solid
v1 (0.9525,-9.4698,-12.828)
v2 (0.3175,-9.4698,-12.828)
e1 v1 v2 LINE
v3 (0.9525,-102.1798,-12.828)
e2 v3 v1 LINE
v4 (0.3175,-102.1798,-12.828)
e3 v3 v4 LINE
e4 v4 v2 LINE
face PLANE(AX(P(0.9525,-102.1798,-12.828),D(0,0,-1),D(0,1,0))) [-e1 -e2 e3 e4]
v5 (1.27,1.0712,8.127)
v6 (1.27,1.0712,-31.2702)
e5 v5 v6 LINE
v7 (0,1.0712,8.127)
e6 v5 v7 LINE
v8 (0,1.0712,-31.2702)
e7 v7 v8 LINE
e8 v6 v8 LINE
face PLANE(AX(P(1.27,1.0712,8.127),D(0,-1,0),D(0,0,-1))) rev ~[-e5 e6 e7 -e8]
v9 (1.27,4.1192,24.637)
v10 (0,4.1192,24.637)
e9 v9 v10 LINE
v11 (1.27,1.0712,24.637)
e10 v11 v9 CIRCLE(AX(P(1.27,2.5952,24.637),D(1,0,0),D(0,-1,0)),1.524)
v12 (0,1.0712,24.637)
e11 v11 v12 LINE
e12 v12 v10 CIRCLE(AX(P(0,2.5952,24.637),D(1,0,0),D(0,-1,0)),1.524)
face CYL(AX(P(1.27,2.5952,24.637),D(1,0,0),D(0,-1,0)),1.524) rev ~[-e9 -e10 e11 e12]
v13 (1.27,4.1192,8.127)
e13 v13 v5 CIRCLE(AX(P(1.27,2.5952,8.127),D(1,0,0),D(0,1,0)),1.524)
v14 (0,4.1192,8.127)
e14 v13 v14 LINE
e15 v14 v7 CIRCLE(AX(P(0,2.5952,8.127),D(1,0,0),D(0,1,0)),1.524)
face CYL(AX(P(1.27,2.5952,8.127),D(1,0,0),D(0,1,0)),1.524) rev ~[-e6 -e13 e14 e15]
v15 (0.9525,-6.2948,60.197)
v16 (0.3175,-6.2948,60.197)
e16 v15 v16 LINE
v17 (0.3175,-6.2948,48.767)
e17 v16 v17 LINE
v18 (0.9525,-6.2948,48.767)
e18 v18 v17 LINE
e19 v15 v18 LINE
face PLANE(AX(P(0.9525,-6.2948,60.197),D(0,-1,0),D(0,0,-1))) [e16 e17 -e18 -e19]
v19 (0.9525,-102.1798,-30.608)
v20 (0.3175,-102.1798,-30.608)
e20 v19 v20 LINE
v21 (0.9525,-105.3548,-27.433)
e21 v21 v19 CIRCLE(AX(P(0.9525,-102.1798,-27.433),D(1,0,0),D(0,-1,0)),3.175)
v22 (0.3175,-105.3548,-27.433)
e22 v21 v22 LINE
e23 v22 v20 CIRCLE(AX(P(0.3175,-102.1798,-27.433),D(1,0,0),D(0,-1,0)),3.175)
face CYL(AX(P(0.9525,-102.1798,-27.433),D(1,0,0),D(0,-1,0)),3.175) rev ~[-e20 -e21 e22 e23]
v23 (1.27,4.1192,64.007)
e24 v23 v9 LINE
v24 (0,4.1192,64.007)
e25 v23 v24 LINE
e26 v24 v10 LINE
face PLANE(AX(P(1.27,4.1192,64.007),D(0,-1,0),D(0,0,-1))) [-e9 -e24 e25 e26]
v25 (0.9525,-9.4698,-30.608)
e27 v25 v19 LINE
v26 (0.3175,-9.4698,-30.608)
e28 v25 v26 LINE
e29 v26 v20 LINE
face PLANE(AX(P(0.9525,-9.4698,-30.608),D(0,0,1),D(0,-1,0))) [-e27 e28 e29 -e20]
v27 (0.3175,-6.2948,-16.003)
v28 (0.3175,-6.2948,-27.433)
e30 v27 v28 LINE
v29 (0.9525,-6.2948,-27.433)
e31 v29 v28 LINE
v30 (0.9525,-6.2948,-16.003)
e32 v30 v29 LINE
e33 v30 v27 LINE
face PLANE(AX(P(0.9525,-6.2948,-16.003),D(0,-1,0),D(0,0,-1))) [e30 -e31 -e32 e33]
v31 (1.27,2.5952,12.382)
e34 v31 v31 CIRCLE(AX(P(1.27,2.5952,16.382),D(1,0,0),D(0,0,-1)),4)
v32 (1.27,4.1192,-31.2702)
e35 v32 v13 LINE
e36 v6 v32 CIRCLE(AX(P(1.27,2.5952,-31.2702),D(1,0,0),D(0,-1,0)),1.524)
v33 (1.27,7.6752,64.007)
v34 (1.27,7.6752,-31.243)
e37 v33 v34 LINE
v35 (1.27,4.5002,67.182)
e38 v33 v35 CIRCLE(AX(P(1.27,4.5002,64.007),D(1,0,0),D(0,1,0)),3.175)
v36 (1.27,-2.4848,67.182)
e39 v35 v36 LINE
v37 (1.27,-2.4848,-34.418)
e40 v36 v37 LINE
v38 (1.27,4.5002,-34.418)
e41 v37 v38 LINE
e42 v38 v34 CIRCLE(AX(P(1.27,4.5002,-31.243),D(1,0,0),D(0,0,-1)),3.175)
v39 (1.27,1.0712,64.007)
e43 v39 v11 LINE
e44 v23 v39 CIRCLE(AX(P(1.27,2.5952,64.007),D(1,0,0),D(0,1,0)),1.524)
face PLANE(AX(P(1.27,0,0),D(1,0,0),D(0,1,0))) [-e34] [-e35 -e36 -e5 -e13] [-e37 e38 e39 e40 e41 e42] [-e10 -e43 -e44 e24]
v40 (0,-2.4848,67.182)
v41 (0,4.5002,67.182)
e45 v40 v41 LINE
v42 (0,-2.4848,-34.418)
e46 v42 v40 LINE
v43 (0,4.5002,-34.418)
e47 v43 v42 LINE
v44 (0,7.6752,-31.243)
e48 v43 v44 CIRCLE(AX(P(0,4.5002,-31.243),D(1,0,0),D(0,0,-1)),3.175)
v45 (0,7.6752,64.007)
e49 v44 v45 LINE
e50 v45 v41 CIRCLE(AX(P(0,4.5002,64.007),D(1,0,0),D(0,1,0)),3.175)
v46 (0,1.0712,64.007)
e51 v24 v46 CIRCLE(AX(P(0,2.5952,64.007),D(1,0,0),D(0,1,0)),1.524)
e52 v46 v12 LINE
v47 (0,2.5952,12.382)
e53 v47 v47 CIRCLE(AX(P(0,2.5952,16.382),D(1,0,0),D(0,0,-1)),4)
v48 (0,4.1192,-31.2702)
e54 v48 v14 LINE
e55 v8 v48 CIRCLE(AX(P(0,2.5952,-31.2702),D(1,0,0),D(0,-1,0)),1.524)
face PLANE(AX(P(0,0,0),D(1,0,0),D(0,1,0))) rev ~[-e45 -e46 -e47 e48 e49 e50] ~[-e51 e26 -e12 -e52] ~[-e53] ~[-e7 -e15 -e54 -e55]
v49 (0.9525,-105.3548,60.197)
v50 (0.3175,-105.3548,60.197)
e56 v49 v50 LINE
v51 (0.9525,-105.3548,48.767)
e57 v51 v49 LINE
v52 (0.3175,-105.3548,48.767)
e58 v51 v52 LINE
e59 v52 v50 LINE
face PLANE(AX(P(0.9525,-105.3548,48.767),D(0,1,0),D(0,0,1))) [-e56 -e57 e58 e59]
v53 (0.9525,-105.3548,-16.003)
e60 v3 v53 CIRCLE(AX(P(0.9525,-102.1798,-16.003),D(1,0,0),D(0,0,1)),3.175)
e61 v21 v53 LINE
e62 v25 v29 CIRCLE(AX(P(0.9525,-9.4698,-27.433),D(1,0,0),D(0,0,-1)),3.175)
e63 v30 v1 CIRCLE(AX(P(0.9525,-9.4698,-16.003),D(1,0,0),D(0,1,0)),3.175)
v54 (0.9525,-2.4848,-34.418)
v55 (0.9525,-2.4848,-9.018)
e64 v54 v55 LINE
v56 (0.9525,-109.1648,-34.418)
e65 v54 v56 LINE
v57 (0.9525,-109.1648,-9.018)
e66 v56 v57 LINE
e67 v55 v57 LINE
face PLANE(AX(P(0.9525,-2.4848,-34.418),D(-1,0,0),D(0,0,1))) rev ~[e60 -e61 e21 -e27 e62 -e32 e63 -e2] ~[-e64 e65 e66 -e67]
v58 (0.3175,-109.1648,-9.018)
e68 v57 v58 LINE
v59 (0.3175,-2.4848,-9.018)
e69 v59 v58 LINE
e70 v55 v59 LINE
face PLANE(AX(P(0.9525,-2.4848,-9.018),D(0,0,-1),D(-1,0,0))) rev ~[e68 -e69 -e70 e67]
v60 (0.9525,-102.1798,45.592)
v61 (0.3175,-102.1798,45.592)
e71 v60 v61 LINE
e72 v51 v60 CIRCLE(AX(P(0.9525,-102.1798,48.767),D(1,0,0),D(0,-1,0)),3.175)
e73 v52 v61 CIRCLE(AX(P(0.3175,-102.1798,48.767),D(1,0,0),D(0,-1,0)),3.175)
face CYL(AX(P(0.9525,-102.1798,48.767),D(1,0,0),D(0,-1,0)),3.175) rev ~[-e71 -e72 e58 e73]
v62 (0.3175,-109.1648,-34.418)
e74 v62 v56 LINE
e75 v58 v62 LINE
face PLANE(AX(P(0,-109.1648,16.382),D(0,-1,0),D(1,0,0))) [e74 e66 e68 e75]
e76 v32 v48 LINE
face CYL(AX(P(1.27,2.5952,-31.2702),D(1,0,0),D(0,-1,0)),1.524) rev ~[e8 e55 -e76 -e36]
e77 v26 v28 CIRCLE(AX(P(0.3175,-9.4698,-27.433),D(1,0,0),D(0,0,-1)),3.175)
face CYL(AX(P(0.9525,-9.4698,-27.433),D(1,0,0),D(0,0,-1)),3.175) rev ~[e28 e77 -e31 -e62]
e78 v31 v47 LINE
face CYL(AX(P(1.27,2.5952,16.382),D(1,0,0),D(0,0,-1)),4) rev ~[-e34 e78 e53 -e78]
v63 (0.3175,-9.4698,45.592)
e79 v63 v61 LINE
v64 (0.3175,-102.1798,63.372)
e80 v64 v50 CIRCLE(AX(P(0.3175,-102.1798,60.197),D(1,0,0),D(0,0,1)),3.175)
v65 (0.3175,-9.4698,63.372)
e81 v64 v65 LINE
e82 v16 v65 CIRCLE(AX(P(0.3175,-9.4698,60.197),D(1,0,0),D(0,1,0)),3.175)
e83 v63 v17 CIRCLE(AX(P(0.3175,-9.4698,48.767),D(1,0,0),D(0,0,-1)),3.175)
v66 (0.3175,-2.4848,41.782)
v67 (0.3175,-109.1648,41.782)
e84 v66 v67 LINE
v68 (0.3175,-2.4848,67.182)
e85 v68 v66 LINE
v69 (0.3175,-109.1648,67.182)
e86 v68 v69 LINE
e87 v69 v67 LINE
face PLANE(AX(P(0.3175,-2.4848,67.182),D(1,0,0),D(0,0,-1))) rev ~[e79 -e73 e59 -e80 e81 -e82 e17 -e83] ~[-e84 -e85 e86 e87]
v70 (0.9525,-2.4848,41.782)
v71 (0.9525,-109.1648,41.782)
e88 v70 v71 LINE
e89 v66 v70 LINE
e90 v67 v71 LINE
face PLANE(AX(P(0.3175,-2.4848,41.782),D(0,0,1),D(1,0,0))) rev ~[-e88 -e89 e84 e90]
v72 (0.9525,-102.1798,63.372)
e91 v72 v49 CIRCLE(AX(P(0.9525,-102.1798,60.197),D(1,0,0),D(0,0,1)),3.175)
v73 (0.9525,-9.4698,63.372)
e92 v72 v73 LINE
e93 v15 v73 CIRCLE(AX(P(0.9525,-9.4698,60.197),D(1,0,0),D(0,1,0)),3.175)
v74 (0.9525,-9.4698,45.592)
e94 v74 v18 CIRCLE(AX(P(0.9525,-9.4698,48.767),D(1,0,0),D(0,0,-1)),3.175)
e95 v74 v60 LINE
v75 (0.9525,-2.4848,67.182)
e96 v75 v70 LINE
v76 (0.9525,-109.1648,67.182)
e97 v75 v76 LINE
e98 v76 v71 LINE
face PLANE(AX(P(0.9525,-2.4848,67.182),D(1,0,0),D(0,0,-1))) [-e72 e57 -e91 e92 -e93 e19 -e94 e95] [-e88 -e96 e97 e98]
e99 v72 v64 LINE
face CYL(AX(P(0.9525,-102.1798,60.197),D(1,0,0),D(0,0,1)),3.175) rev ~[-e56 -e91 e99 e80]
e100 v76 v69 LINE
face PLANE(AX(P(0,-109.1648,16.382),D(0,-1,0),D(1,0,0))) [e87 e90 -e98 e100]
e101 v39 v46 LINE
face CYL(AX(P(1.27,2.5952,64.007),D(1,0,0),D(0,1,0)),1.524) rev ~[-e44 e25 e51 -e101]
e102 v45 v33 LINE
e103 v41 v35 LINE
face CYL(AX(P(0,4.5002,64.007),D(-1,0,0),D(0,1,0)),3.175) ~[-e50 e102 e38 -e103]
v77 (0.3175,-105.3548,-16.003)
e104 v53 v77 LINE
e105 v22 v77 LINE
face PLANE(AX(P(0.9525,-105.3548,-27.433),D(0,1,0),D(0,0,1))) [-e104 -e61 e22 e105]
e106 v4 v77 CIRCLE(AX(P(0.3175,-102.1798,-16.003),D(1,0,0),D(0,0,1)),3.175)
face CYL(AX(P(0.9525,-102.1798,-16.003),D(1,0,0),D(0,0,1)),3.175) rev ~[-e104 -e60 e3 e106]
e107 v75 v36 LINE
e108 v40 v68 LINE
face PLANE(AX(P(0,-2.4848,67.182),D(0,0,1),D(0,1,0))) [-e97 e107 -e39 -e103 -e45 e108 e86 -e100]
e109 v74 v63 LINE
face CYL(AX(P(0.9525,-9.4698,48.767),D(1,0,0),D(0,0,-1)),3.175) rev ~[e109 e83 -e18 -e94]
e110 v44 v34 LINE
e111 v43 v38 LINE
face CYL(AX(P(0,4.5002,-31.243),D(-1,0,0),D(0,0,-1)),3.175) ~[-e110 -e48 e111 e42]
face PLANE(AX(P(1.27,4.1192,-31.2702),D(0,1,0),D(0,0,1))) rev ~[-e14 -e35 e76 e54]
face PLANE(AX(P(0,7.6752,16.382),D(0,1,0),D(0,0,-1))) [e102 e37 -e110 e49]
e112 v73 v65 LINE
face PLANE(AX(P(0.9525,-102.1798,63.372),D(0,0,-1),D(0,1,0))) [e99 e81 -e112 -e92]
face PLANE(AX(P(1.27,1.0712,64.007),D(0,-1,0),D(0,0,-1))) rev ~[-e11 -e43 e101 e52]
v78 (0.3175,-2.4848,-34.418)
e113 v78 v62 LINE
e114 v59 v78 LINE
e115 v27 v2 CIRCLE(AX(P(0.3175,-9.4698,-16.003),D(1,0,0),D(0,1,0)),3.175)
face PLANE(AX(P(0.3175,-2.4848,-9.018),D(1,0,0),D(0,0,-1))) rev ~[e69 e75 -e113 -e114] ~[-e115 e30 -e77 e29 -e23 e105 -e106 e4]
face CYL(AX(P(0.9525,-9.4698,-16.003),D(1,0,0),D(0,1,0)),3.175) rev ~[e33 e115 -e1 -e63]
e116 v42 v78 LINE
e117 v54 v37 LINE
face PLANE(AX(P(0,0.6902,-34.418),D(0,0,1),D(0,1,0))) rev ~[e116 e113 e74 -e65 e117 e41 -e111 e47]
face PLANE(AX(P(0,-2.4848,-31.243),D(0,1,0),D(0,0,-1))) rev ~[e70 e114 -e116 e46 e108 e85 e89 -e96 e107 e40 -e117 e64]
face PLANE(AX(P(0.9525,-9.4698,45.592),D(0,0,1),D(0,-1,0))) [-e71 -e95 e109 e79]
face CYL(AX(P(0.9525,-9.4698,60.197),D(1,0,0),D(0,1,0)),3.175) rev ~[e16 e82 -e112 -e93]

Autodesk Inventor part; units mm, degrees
ref_plane "YZ Plane" through (0, 0, 0) normal (1, 0, 0) x (0, 1, 0)
ref_plane "XZ Plane" through (0, 0, 0) normal (0, 1, 0) x (-1, 0, 0)
ref_plane "XY Plane" through (0, 0, 0) normal (0, 0, 1) x (1, 0, 0)
sketch "Sketch1" plane through (0, 0, 0) normal (1, 0, 0) x (0, 1, 0)
  line L0 (7.6752, 16.382) -> (7.6752, -31.243)
  line L1 (7.6752, 16.382) -> (7.6752, 64.007)
  line L2 (-2.4848, 16.382) -> (-2.4848, 64.007)
  line L3 (0.6902, 67.182) -> (4.5002, 67.182)
  line L4 (-2.4848, 16.382) -> (-2.4848, -31.243)
  line L5 (0.6902, -34.418) -> (4.5002, -34.418)
  arc A0 (7.6752, 64.007) -> (4.5002, 67.182) centre (4.5002, 64.007) ccw
  arc A1 (4.5002, -34.418) -> (7.6752, -31.243) centre (4.5002, -31.243) ccw
  line L6 (-2.4848, 64.007) -> (-2.4848, 67.182)
  line L7 (-2.4848, 67.182) -> (0.6902, 67.182)
  line L8 (-2.4848, -31.243) -> (-2.4848, -34.418)
  line L9 (0.6902, -34.418) -> (-2.4848, -34.418)
  circle A2 centre (2.5952, 16.382) radius 4
  point P0 (0, 0)
  point P1 (7.6752, -34.418)
  point P2 (7.6752, 67.182)
  dimension "d1" = 50.8
  dimension "d2" = 50.8
  dimension "d3" = 3.175
  dimension "d101" = 8
extrude "Extrusion1" add sketch "Sketch1" along normal blind 1.27 contours L0 A1 L5 L9 L8 L4 L2 L6 L7 L3 A0 L1 | A2
sketch "Sketch4" plane through (0, -2.4848, 16.382) normal (0, -1, 0) x (1, 0, 0)
  line L0 (1.27, 50.8) -> (1.27, -50.8) projected
  line L1 (1.27, 0) -> (1.27, 47.625) projected
  line L2 (0.9525, 50.8) -> (0.9525, 25.4)
  line L3 (0.9525, 50.8) -> (0.3175, 50.8)
  line L4 (0.3175, 50.8) -> (0.3175, 25.4)
  line L5 (0.3175, 25.4) -> (0.9525, 25.4)
  line L6 (0, -50.8) -> (1.27, -50.8) projected
  line L7 (0.9525, -50.8) -> (0.9525, -25.4)
  line L8 (0.9525, -25.4) -> (0.3175, -25.4)
  line L9 (0.3175, -25.4) -> (0.3175, -50.8)
  line L10 (0.9525, -50.8) -> (0.3175, -50.8)
  point P0 (0, -16.382)
  dimension "d27" = 25.4
  dimension "d28" = 0.635
  dimension "d29" = 25.4
  dimension "d31" = 25.4
  dimension "d32" = 0.635
extrude "Extrusion3" add sketch "Sketch4" along normal blind 106.68
sketch "Sketch5" plane through (0.9525, -2.4848, 67.182) normal (1, 0, 0) x (0, 0, -1)
  line L0 (0, 6.985) -> (0, 0) projected
  line L1 (0, 0) -> (0, -106.68) projected
  line L2 (25.4, 0) -> (25.4, -106.68) projected
  line L3 (0, 0) -> (101.6, 0) projected
  line L4 (6.985, -3.81) -> (18.415, -3.81)
  line L5 (21.59, -6.985) -> (21.59, -99.695)
  line L6 (18.415, -102.87) -> (6.985, -102.87)
  line L7 (3.81, -99.695) -> (3.81, -6.985)
  line L8 (25.4, -106.68) -> (0, -106.68) projected
  arc A0 (6.985, -3.81) -> (3.81, -6.985) centre (6.985, -6.985) ccw
  arc A1 (21.59, -6.985) -> (18.415, -3.81) centre (18.415, -6.985) ccw
  arc A2 (3.81, -99.695) -> (6.985, -102.87) centre (6.985, -99.695) ccw
  arc A3 (18.415, -102.87) -> (21.59, -99.695) centre (18.415, -99.695) ccw
  line L9 (83.185, -3.81) -> (94.615, -3.81)
  line L10 (97.79, -6.985) -> (97.79, -99.695)
  line L11 (94.615, -102.87) -> (83.185, -102.87)
  line L12 (80.01, -99.695) -> (80.01, -6.985)
  line L13 (101.6, 0) -> (101.6, -106.68) projected
  line L14 (50.8, 0) -> (101.6, 0) projected
  line L15 (76.2, 0) -> (76.2, -106.68) projected
  line L16 (101.6, -106.68) -> (76.2, -106.68) projected
  arc A4 (83.185, -3.81) -> (80.01, -6.985) centre (83.185, -6.985) ccw
  arc A5 (97.79, -6.985) -> (94.615, -3.81) centre (94.615, -6.985) ccw
  arc A6 (80.01, -99.695) -> (83.185, -102.87) centre (83.185, -99.695) ccw
  arc A7 (94.615, -102.87) -> (97.79, -99.695) centre (94.615, -99.695) ccw
  point P0 (67.182, 2.4848)
  dimension "d67" = 3.81
  dimension "d68" = 3.81
  dimension "d69" = 3.81
  dimension "d70" = 3.81
  dimension "d71" = 3.175
  dimension "d72" = 3.81
  dimension "d73" = 3.81
  dimension "d74" = 3.81
  dimension "d75" = 3.81
  dimension "d76" = 3.175
extrude "Extrusion5" cut sketch "Sketch5" against normal through all contours L4 A1 L5 A3 L6 A2 L7 A0 | L9 A5 L10 A7 L11 A6 L12 A4
sketch "Sketch6" plane through (1.27, 0, 0) normal (1, 0, 0) x (0, 0, -1)
  line L0 (-67.182, -2.4848) -> (34.418, -2.4848) projected
  line L1 (-16.382, 7.6752) -> (-64.007, 7.6752) projected
  line L2 (-41.782, -2.4848) -> (-67.182, -2.4848) projected
  arc A0 (-64.007, 4.1192) -> (-64.007, 1.0712) centre (-64.007, 2.5952) ccw
  arc A1 (-16.382, 7.6752) -> (-16.382, -2.4848) centre (-16.382, 2.5952) ccw projected
  arc A2 (-24.637, 1.0712) -> (-24.637, 4.1192) centre (-24.637, 2.5952) ccw
  line L3 (-64.007, 4.1192) -> (-24.637, 4.1192)
  line L4 (-64.007, 1.0712) -> (-24.637, 1.0712)
  point P0 (0, 0)
  dimension "d90" = 3.048
extrude "Extrusion6" cut sketch "Sketch6" against normal through all
sketch "Sketch7" plane through (1.27, 0, 0) normal (1, 0, 0) x (0, 0, -1)
  arc A0 (-16.382, -2.4848) -> (-16.382, 7.6752) centre (-16.382, 2.5952) ccw projected
  arc A1 (-8.127, 4.1192) -> (-8.127, 1.0712) centre (-8.127, 2.5952) ccw
  arc A2 (31.2702, 1.0712) -> (31.2702, 4.1192) centre (31.2702, 2.5952) ccw
  line L0 (31.2702, 4.1192) -> (-8.127, 4.1192)
  line L1 (-8.127, 1.0712) -> (31.2702, 1.0712)
  point P0 (0, 0)
  dimension "d96" = 3.048
  dimension "d98" = 3.048
extrude "Extrusion7" cut sketch "Sketch7" against normal through all
sketch "Sketch8" plane through (1.27, 0, 0) normal (1, 0, 0) x (0, 0, -1)
  arc A0 (-24.637, 1.0712) -> (-24.637, 4.1192) centre (-24.637, 2.5952) ccw projected
  circle A1 centre (-16.382, 2.5952) radius 4
  point P0 (0, 0)
  dimension "d103" = 8
extrude "Extrusion8" cut sketch "Sketch8" against normal through all
properties part number "Part On Monitor"
